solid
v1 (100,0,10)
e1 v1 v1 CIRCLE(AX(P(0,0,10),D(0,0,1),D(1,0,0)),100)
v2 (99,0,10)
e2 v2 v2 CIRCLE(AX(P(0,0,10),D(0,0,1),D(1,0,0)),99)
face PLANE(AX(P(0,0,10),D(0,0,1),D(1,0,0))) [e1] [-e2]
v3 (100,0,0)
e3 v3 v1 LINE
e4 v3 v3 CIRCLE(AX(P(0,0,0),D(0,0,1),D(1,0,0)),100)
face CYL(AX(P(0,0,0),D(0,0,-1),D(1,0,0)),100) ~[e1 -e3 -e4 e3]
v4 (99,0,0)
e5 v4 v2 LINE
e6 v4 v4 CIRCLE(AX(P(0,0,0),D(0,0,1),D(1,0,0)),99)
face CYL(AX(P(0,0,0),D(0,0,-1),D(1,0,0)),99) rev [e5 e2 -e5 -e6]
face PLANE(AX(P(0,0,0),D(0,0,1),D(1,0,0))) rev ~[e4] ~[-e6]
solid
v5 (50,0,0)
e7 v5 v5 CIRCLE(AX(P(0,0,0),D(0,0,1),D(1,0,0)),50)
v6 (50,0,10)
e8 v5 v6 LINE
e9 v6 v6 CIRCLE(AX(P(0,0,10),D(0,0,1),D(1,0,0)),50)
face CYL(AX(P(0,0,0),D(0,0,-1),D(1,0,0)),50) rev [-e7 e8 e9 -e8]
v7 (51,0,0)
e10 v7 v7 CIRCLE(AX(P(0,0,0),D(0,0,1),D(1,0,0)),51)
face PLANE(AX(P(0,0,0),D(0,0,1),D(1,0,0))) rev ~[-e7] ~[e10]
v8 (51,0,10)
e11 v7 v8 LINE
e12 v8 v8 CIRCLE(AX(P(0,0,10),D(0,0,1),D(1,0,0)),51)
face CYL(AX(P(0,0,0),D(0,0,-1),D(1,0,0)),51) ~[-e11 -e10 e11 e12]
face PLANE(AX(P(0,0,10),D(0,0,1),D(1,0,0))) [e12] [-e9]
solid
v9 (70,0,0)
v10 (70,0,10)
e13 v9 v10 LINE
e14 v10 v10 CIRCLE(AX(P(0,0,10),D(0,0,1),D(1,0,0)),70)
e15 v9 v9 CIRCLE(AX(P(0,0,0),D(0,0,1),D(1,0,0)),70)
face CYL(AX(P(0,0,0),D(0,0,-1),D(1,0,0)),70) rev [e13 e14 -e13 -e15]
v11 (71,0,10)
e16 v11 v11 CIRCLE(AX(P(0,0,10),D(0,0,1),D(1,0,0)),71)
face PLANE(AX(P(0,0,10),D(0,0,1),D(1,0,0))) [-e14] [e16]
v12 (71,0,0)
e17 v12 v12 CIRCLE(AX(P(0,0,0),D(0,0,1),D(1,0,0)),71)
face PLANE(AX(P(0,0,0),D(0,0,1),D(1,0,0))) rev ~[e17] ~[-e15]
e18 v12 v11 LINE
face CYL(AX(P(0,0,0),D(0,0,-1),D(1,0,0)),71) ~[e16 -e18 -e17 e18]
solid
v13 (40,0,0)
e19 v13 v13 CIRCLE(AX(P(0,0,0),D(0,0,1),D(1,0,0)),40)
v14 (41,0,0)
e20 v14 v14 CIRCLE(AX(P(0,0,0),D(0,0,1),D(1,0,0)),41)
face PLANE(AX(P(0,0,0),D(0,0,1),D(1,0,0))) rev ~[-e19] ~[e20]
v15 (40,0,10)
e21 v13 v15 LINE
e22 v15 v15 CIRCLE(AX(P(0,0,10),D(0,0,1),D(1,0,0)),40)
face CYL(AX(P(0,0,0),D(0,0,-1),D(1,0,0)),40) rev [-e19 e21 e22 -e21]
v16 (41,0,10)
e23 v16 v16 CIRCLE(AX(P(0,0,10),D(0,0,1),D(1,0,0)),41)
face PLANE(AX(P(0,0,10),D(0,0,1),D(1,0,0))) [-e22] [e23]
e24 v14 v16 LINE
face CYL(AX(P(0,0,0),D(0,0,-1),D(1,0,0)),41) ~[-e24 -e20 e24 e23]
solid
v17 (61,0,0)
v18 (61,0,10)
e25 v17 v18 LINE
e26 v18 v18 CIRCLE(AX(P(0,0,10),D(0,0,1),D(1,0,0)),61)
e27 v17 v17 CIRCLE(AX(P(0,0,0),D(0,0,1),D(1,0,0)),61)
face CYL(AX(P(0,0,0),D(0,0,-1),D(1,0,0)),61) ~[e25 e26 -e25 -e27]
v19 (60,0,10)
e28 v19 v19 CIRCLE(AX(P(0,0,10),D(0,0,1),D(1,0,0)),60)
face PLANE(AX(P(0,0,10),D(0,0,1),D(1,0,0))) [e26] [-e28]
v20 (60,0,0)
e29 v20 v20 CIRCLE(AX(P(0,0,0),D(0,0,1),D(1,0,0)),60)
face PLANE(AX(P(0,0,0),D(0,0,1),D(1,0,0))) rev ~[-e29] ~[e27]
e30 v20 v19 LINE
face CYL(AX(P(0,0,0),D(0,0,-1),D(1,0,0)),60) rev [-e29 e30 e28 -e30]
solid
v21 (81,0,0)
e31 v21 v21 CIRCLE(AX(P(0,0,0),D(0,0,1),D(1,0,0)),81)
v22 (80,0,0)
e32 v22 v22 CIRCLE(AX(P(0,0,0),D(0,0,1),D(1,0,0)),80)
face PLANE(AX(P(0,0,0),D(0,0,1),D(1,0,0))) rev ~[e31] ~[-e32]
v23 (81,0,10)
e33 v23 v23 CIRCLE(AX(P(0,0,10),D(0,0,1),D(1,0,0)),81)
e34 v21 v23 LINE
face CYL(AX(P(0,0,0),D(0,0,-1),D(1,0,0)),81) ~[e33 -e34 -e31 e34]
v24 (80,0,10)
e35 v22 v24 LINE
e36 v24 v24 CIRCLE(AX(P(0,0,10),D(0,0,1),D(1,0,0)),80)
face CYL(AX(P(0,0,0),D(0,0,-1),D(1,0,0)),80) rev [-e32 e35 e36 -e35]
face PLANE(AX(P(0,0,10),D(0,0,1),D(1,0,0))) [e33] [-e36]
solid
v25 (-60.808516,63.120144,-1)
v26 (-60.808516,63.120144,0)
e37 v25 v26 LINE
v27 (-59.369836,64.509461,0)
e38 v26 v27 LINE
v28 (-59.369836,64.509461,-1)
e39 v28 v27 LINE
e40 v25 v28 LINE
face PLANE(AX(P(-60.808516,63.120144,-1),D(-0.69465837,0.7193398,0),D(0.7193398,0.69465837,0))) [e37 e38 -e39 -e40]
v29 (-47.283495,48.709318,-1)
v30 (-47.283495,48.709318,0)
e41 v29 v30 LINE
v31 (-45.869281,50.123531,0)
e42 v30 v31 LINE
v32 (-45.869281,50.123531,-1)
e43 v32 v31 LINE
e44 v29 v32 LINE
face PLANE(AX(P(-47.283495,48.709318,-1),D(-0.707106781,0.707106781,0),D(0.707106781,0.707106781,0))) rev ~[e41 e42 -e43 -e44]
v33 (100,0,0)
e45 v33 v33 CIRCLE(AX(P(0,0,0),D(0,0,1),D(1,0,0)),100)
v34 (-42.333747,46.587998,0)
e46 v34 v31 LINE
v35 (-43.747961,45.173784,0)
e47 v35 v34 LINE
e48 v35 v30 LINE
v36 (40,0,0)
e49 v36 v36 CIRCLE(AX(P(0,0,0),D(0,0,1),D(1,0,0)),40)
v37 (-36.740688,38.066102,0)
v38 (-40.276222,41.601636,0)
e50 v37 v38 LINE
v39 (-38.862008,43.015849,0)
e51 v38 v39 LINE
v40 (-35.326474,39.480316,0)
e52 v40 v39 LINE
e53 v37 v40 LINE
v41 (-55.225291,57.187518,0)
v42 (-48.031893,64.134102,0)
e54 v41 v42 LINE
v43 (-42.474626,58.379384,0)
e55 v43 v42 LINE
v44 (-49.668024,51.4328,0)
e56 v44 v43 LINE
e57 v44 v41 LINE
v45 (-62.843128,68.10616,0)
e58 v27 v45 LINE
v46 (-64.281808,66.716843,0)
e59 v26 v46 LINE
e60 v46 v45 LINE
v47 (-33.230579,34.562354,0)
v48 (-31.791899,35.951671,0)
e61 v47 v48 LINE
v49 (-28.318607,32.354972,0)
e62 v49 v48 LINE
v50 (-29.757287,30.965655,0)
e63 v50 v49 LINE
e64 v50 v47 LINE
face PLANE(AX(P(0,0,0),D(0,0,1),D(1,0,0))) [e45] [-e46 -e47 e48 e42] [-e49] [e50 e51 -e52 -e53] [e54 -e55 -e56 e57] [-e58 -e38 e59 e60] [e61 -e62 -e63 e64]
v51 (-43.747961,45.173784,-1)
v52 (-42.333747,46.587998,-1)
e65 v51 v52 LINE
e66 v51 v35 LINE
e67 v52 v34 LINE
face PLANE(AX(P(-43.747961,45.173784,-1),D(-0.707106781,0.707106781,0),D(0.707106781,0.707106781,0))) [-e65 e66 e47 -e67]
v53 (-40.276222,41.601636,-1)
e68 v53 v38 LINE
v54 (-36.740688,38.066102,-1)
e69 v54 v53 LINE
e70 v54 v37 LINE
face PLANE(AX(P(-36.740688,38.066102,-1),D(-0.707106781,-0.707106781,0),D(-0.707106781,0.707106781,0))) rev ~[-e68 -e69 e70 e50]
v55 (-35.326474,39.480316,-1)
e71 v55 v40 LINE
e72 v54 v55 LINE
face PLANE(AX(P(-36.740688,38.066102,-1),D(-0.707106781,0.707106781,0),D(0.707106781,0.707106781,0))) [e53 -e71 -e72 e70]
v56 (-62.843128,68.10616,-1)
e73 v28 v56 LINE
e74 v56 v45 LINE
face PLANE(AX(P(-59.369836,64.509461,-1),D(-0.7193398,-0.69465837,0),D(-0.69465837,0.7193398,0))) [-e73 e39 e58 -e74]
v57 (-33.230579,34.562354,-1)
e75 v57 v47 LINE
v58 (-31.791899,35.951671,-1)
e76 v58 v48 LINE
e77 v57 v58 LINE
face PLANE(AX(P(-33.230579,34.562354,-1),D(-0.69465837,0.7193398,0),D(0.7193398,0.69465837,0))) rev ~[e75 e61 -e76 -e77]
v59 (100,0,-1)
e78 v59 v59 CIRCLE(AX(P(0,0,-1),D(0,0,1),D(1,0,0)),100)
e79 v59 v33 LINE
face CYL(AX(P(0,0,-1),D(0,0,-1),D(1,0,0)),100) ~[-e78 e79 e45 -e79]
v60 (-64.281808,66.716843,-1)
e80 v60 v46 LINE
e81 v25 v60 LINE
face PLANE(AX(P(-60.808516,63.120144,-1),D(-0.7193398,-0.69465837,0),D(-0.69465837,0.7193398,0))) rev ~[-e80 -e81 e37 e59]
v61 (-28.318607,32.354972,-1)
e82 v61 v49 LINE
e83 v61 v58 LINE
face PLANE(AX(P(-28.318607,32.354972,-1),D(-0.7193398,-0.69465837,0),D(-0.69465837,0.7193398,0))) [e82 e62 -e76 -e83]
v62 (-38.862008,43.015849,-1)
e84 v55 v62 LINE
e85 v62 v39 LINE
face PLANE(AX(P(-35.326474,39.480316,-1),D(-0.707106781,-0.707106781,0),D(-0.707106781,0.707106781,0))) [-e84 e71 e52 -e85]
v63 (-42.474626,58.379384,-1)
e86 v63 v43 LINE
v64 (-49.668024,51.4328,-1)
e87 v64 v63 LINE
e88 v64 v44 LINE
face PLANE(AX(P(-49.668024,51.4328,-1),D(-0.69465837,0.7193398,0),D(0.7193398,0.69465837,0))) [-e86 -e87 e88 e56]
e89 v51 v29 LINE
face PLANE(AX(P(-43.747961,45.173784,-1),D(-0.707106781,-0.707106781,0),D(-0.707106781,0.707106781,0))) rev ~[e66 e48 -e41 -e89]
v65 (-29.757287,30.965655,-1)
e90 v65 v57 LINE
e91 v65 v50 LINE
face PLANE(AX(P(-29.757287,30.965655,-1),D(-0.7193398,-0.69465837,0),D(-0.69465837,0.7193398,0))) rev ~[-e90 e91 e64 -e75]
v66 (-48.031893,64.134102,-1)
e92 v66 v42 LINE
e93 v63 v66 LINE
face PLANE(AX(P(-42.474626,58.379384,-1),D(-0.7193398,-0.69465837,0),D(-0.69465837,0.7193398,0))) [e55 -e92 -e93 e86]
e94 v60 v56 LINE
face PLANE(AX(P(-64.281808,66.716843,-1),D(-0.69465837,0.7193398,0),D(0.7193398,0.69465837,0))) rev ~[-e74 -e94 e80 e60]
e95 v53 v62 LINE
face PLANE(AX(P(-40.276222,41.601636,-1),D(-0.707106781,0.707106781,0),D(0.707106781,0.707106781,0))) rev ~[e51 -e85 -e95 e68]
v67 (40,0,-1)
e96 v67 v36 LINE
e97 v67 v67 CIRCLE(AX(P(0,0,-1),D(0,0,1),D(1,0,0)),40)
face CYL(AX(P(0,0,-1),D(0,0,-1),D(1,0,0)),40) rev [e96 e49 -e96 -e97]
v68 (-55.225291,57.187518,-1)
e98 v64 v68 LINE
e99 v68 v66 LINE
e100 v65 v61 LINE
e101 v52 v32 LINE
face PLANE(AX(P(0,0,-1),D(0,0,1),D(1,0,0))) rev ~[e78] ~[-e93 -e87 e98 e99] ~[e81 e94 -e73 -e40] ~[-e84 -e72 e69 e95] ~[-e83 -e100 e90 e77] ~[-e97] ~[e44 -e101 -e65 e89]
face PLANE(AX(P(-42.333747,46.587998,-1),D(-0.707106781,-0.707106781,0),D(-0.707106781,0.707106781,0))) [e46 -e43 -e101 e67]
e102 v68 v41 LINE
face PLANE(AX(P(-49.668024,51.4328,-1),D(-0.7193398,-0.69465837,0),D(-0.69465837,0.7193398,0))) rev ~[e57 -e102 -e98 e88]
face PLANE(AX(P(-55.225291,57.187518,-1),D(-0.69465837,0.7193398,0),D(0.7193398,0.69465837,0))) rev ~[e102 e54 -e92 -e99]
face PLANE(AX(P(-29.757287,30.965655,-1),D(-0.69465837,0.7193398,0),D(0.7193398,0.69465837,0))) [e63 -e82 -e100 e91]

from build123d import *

# Parameters (mm, degrees)
CYLINDER001_R          = 99
CYLINDER001_DEPTH      = 10
CYLINDER_R             = 100
CYLINDER_DEPTH         = 10
CYLINDER002_R          = 80
CYLINDER002_DEPTH      = 10
CYLINDER003_R          = 81
CYLINDER003_DEPTH      = 10
CYLINDER007_R          = 70
CYLINDER007_DEPTH      = 10
CYLINDER006_R          = 71
CYLINDER006_DEPTH      = 10
CYLINDER008_R          = 60
CYLINDER008_DEPTH      = 10
CYLINDER009_R          = 61
CYLINDER009_DEPTH      = 10
CYLINDER010_R          = 50
CYLINDER010_DEPTH      = 10
CYLINDER011_R          = 51
CYLINDER011_DEPTH      = 10
CYLINDER012_R          = 40
CYLINDER012_DEPTH      = 10
CYLINDER013_R          = 41
CYLINDER013_DEPTH      = 10
CYLINDER014_R          = 40
CYLINDER014_DEPTH      = 10
CYLINDER005_R          = 70
CYLINDER005_DEPTH      = 10
CYLINDER004_R          = 81
CYLINDER004_DEPTH      = 10
BOX012_W               = 2
BOX012_H               = 5
BOX012_DEPTH           = 1
BOX012_PLACEMENT_ANGLE = 44
BOX011_W               = 2
BOX011_H               = 5
BOX011_DEPTH           = 1
BOX011_PLACEMENT_ANGLE = 44
BOX010_W               = 2
BOX010_H               = 5
BOX010_DEPTH           = 1
BOX010_PLACEMENT_ANGLE = 315
BOX009_W               = 2
BOX009_H               = 5
BOX009_DEPTH           = 1
BOX009_PLACEMENT_ANGLE = 45
BOX008_W               = 10
BOX008_H               = 8
BOX008_DEPTH           = 1
BOX008_PLACEMENT_ANGLE = 44
CYLINDER016_R          = 40
CYLINDER016_DEPTH      = 1
CYLINDER015_R          = 100
CYLINDER015_DEPTH      = 1


with BuildPart() as cilindro001:
    # Cylinder001 → Cylinder001 (new body)
    with BuildSketch(Plane.XY):
        Circle(CYLINDER001_R)
    extrude(amount=CYLINDER001_DEPTH)


with BuildPart() as cut:
    # Cylinder → Cylinder (new body)
    with BuildSketch(Plane.XY):
        Circle(CYLINDER_R)
    extrude(amount=CYLINDER_DEPTH)

    # Cut: cut Cilindro001
    add(cilindro001.part, mode=Mode.SUBTRACT)


with BuildPart() as cilindro002:
    # Cylinder002 → Cylinder002 (new body)
    with BuildSketch(Plane.XY):
        Circle(CYLINDER002_R)
    extrude(amount=CYLINDER002_DEPTH)


with BuildPart() as cut001:
    # Cylinder003 → Cylinder003 (new body)
    with BuildSketch(Plane.XY):
        Circle(CYLINDER003_R)
    extrude(amount=CYLINDER003_DEPTH)

    # Cut001: cut Cilindro002
    add(cilindro002.part, mode=Mode.SUBTRACT)


with BuildPart() as cilindro007:
    # Cylinder007 → Cylinder007 (new body)
    with BuildSketch(Plane.XY):
        Circle(CYLINDER007_R)
    extrude(amount=CYLINDER007_DEPTH)


with BuildPart() as cut004:
    # Cylinder006 → Cylinder006 (new body)
    with BuildSketch(Plane.XY):
        Circle(CYLINDER006_R)
    extrude(amount=CYLINDER006_DEPTH)

    # Cut004: cut Cilindro007
    add(cilindro007.part, mode=Mode.SUBTRACT)


with BuildPart() as cilindro008:
    # Cylinder008 → Cylinder008 (new body)
    with BuildSketch(Plane.XY):
        Circle(CYLINDER008_R)
    extrude(amount=CYLINDER008_DEPTH)


with BuildPart() as cut005:
    # Cylinder009 → Cylinder009 (new body)
    with BuildSketch(Plane.XY):
        Circle(CYLINDER009_R)
    extrude(amount=CYLINDER009_DEPTH)

    # Cut005: cut Cilindro008
    add(cilindro008.part, mode=Mode.SUBTRACT)


with BuildPart() as cilindro010:
    # Cylinder010 → Cylinder010 (new body)
    with BuildSketch(Plane.XY):
        Circle(CYLINDER010_R)
    extrude(amount=CYLINDER010_DEPTH)


with BuildPart() as cut006:
    # Cylinder011 → Cylinder011 (new body)
    with BuildSketch(Plane.XY):
        Circle(CYLINDER011_R)
    extrude(amount=CYLINDER011_DEPTH)

    # Cut006: cut Cilindro010
    add(cilindro010.part, mode=Mode.SUBTRACT)


with BuildPart() as cilindro012:
    # Cylinder012 → Cylinder012 (new body)
    with BuildSketch(Plane.XY):
        Circle(CYLINDER012_R)
    extrude(amount=CYLINDER012_DEPTH)


with BuildPart() as cut007:
    # Cylinder013 → Cylinder013 (new body)
    with BuildSketch(Plane.XY):
        Circle(CYLINDER013_R)
    extrude(amount=CYLINDER013_DEPTH)

    # Cut007: cut Cilindro012
    add(cilindro012.part, mode=Mode.SUBTRACT)


with BuildPart() as cilindro014:
    # Cylinder014 → Cylinder014 (new body)
    with BuildSketch(Plane.XY):
        Circle(CYLINDER014_R)
    extrude(amount=CYLINDER014_DEPTH)


with BuildPart() as cilindro005:
    # Cylinder005 → Cylinder005 (new body)
    with BuildSketch(Plane.XY):
        Circle(CYLINDER005_R)
    extrude(amount=CYLINDER005_DEPTH)


with BuildPart() as cut002:
    # Cylinder004 → Cylinder004 (new body)
    with BuildSketch(Plane.XY):
        Circle(CYLINDER004_R)
    extrude(amount=CYLINDER004_DEPTH)

    # Cut002: cut Cilindro005
    add(cilindro005.part, mode=Mode.SUBTRACT)


with BuildPart() as cubo012:
    # Box012 → Box012 (new body)
    with BuildSketch(Plane.XY):
        with Locations((1, 2.5)):
            Rectangle(BOX012_W, BOX012_H)
    extrude(amount=BOX012_DEPTH)


with BuildPart() as cubo012_1:
    # Box012 placement: moved
    add(cubo012.part.moved(Location((-60.808516, 63.120144, -1))).rotate(Axis((-60.808516, 63.120144, -1), (0, 0, 1)), BOX012_PLACEMENT_ANGLE))


with BuildPart() as cubo011:
    # Box011 → Box011 (new body)
    with BuildSketch(Plane.XY):
        with Locations((1, 2.5)):
            Rectangle(BOX011_W, BOX011_H)
    extrude(amount=BOX011_DEPTH)


with BuildPart() as cubo011_1:
    # Box011 placement: moved
    add(cubo011.part.moved(Location((-29.757287, 30.965655, -1))).rotate(Axis((-29.757287, 30.965655, -1), (0, 0, 1)), BOX011_PLACEMENT_ANGLE))


with BuildPart() as cubo010:
    # Box010 → Box010 (new body)
    with BuildSketch(Plane.XY):
        with Locations((1, 2.5)):
            Rectangle(BOX010_W, BOX010_H)
    extrude(amount=BOX010_DEPTH)


with BuildPart() as cubo010_1:
    # Box010 placement: moved
    add(cubo010.part.moved(Location((-36.740688, 38.066102, -1))).rotate(Axis((-36.740688, 38.066102, -1), (0, 0, -1)), BOX010_PLACEMENT_ANGLE))


with BuildPart() as cubo009:
    # Box009 → Box009 (new body)
    with BuildSketch(Plane.XY):
        with Locations((1, 2.5)):
            Rectangle(BOX009_W, BOX009_H)
    extrude(amount=BOX009_DEPTH)


with BuildPart() as cubo009_1:
    # Box009 placement: moved
    add(cubo009.part.moved(Location((-43.747961, 45.173784, -1))).rotate(Axis((-43.747961, 45.173784, -1), (0, 0, 1)), BOX009_PLACEMENT_ANGLE))


with BuildPart() as cubo008:
    # Box008 → Box008 (new body)
    with BuildSketch(Plane.XY):
        with Locations((5, 4)):
            Rectangle(BOX008_W, BOX008_H)
    extrude(amount=BOX008_DEPTH)


with BuildPart() as cubo008_1:
    # Box008 placement: moved
    add(cubo008.part.moved(Location((-49.668024, 51.4328, -1))).rotate(Axis((-49.668024, 51.4328, -1), (0, 0, 1)), BOX008_PLACEMENT_ANGLE))


with BuildPart() as cilindro016:
    # Cylinder016 → Cylinder016 (new body)
    with BuildSketch(Plane.XY.offset(-1)):
        Circle(CYLINDER016_R)
    extrude(amount=CYLINDER016_DEPTH)


with BuildPart() as cut016:
    # Cylinder015 → Cylinder015 (new body)
    with BuildSketch(Plane.XY.offset(-1)):
        Circle(CYLINDER015_R)
    extrude(amount=CYLINDER015_DEPTH)

    # Cut009: cut Cilindro016
    add(cilindro016.part, mode=Mode.SUBTRACT)

    # Cut010: cut Cubo008
    add(cubo008_1.part, mode=Mode.SUBTRACT)

    # Cut011: cut Cubo009
    add(cubo009_1.part, mode=Mode.SUBTRACT)

    # Cut012: cut Cubo010
    add(cubo010_1.part, mode=Mode.SUBTRACT)

    # Cut013: cut Cubo011
    add(cubo011_1.part, mode=Mode.SUBTRACT)

    # Cut014: cut Cubo012
    add(cubo012_1.part, mode=Mode.SUBTRACT)

    # Cut015: cut Cut002
    add(cut002.part, mode=Mode.SUBTRACT)

    # Cut016: cut Cilindro014
    add(cilindro014.part, mode=Mode.SUBTRACT)


solid = Compound([cut.part, cut001.part, cut004.part, cut005.part, cut006.part, cut007.part, cut016.part])
